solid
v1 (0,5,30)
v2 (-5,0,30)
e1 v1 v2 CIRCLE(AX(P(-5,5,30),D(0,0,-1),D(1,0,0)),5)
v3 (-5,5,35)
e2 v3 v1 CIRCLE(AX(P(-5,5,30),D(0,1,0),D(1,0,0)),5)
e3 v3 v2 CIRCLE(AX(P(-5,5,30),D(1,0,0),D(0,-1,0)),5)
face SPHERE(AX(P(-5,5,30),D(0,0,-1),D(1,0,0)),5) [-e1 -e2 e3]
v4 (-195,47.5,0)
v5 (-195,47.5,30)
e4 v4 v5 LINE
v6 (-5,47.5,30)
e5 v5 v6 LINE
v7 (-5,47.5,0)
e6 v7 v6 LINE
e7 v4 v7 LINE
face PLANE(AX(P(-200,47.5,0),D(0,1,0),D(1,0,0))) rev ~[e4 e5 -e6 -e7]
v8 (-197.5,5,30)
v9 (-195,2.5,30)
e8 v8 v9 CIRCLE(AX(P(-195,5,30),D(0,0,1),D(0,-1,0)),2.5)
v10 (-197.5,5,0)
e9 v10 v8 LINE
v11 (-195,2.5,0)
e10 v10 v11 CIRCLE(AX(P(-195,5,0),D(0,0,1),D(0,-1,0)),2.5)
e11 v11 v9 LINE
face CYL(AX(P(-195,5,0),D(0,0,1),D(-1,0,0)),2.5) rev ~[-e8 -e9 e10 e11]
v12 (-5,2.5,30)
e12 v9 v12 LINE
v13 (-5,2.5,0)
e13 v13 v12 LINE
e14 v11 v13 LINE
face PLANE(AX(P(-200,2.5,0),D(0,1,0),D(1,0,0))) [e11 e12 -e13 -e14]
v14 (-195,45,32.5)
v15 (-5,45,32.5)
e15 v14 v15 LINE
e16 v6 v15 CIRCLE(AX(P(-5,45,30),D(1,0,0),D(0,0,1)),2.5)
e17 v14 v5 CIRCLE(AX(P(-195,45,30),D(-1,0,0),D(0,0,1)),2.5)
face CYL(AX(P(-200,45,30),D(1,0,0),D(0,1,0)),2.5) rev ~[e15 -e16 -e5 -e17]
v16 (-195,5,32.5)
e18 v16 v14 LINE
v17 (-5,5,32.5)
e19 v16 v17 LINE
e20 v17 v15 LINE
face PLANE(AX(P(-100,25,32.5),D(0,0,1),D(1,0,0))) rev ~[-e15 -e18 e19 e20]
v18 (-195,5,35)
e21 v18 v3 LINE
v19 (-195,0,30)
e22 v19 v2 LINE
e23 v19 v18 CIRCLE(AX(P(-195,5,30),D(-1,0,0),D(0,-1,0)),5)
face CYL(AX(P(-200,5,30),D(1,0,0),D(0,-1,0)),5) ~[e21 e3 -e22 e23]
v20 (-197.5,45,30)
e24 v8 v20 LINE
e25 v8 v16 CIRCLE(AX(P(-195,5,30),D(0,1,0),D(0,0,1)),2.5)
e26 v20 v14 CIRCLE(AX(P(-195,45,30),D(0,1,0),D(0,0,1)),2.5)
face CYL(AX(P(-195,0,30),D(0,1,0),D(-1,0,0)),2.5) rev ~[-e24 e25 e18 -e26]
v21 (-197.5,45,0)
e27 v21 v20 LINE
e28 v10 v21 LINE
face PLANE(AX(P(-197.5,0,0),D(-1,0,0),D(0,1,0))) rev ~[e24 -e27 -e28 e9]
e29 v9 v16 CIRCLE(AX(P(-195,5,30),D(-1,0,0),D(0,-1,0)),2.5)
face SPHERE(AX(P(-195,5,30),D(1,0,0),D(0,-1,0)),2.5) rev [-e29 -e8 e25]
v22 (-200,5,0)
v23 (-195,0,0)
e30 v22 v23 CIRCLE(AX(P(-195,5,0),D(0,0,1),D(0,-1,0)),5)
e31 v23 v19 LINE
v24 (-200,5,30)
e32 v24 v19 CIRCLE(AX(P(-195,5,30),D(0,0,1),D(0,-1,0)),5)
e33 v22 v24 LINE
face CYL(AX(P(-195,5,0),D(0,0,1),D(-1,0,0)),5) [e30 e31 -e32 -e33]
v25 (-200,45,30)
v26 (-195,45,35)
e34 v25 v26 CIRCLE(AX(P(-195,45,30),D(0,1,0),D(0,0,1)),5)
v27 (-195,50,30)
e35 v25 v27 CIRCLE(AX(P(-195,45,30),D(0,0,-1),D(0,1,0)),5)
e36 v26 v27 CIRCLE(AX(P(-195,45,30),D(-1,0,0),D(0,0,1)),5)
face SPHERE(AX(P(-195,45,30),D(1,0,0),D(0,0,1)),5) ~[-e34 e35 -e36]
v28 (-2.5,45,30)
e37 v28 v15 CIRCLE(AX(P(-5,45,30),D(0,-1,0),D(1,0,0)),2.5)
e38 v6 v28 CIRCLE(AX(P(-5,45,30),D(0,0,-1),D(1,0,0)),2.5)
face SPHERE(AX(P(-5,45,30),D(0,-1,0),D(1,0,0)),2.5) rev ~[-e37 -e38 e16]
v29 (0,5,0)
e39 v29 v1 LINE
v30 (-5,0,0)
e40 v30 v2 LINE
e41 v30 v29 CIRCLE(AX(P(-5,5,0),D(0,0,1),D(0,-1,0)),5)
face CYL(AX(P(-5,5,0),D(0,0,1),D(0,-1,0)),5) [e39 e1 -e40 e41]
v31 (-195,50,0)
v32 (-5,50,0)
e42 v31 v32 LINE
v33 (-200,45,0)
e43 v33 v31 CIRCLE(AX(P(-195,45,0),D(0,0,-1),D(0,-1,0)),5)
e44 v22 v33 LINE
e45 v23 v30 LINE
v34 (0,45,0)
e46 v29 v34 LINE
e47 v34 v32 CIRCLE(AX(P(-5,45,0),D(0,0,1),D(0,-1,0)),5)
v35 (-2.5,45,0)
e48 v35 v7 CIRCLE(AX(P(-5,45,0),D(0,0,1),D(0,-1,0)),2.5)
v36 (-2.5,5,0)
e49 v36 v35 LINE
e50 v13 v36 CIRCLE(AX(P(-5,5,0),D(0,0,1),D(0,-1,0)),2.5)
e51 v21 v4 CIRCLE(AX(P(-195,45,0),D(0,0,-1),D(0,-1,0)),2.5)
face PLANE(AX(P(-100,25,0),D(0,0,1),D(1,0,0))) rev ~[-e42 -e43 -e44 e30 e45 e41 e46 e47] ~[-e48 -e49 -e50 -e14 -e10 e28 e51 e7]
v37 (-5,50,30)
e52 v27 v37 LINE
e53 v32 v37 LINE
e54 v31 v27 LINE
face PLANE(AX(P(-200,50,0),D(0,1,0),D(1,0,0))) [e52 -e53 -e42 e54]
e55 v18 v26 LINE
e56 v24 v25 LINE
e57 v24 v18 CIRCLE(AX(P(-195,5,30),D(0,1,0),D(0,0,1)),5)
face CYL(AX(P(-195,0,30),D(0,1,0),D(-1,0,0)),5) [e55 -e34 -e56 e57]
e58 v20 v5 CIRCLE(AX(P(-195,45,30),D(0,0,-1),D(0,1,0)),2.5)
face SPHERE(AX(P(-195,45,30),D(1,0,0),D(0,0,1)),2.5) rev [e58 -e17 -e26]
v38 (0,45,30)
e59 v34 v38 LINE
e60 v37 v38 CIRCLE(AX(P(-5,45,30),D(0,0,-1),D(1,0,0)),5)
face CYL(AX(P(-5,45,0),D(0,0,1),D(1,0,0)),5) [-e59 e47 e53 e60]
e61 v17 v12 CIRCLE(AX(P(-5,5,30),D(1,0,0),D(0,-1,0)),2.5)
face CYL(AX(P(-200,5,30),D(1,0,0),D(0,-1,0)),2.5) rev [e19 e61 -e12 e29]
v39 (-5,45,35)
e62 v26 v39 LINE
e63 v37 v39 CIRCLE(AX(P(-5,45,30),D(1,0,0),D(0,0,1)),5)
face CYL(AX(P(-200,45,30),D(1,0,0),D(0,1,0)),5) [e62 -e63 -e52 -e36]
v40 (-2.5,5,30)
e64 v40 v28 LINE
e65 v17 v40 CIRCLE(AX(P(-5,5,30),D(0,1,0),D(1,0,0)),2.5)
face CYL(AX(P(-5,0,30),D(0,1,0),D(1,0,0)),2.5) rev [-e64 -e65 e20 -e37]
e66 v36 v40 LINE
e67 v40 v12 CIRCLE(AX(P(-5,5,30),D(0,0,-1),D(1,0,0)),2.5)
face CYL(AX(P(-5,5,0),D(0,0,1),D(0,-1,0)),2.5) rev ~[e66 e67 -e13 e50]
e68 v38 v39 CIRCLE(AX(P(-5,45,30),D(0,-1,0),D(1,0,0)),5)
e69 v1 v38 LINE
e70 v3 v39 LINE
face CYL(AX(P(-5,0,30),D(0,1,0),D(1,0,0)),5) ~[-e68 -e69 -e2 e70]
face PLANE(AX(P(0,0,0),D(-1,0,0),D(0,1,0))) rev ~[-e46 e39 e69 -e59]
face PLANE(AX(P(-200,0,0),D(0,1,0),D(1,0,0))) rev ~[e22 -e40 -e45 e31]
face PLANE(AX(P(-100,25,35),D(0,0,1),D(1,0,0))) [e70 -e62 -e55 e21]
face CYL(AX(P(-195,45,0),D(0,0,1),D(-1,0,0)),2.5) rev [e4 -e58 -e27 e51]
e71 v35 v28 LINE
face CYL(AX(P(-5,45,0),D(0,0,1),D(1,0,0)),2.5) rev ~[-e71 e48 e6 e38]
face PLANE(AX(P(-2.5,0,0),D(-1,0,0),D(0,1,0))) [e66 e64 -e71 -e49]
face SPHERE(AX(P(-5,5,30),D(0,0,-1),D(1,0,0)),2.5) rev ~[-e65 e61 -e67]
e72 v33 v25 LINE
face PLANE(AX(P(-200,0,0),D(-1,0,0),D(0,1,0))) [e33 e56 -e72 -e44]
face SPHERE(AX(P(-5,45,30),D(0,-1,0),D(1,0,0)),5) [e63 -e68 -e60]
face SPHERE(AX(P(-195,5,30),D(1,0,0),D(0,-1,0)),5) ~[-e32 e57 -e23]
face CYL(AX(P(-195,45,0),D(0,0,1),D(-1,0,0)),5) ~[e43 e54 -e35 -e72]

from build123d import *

# Parameters (mm, degrees)
F0_W     = 200
F0_H     = 50
F1_DEPTH = 35
F2_R     = 5
F3_T     = -2.5


with BuildPart() as f1:
    # F0 (on Top) → F1 (new body)
    with BuildSketch(Plane.XY):
        with Locations((-100, 25)):
            Rectangle(F0_W, F0_H)
    extrude(amount=F1_DEPTH)

    # F2
    f2_edges = [f1.edges().sort_by_distance(p)[0] for p in [
        (0, 0, 17.5),
        (0, 25, 35),
        (0, 50, 17.5),
        (-100, 50, 35),
        (-100, 0, 35),
        (-200, 0, 17.5),
        (-200, 25, 35),
        (-200, 50, 17.5),
    ]]
    fillet(f2_edges, radius=F2_R)

    # F3
    f3_openings = [f1.faces().sort_by_distance(p)[0] for p in [
        (-100, 25, 0),
    ]]
    offset(amount=F3_T, openings=f3_openings)


solid = f1.part
